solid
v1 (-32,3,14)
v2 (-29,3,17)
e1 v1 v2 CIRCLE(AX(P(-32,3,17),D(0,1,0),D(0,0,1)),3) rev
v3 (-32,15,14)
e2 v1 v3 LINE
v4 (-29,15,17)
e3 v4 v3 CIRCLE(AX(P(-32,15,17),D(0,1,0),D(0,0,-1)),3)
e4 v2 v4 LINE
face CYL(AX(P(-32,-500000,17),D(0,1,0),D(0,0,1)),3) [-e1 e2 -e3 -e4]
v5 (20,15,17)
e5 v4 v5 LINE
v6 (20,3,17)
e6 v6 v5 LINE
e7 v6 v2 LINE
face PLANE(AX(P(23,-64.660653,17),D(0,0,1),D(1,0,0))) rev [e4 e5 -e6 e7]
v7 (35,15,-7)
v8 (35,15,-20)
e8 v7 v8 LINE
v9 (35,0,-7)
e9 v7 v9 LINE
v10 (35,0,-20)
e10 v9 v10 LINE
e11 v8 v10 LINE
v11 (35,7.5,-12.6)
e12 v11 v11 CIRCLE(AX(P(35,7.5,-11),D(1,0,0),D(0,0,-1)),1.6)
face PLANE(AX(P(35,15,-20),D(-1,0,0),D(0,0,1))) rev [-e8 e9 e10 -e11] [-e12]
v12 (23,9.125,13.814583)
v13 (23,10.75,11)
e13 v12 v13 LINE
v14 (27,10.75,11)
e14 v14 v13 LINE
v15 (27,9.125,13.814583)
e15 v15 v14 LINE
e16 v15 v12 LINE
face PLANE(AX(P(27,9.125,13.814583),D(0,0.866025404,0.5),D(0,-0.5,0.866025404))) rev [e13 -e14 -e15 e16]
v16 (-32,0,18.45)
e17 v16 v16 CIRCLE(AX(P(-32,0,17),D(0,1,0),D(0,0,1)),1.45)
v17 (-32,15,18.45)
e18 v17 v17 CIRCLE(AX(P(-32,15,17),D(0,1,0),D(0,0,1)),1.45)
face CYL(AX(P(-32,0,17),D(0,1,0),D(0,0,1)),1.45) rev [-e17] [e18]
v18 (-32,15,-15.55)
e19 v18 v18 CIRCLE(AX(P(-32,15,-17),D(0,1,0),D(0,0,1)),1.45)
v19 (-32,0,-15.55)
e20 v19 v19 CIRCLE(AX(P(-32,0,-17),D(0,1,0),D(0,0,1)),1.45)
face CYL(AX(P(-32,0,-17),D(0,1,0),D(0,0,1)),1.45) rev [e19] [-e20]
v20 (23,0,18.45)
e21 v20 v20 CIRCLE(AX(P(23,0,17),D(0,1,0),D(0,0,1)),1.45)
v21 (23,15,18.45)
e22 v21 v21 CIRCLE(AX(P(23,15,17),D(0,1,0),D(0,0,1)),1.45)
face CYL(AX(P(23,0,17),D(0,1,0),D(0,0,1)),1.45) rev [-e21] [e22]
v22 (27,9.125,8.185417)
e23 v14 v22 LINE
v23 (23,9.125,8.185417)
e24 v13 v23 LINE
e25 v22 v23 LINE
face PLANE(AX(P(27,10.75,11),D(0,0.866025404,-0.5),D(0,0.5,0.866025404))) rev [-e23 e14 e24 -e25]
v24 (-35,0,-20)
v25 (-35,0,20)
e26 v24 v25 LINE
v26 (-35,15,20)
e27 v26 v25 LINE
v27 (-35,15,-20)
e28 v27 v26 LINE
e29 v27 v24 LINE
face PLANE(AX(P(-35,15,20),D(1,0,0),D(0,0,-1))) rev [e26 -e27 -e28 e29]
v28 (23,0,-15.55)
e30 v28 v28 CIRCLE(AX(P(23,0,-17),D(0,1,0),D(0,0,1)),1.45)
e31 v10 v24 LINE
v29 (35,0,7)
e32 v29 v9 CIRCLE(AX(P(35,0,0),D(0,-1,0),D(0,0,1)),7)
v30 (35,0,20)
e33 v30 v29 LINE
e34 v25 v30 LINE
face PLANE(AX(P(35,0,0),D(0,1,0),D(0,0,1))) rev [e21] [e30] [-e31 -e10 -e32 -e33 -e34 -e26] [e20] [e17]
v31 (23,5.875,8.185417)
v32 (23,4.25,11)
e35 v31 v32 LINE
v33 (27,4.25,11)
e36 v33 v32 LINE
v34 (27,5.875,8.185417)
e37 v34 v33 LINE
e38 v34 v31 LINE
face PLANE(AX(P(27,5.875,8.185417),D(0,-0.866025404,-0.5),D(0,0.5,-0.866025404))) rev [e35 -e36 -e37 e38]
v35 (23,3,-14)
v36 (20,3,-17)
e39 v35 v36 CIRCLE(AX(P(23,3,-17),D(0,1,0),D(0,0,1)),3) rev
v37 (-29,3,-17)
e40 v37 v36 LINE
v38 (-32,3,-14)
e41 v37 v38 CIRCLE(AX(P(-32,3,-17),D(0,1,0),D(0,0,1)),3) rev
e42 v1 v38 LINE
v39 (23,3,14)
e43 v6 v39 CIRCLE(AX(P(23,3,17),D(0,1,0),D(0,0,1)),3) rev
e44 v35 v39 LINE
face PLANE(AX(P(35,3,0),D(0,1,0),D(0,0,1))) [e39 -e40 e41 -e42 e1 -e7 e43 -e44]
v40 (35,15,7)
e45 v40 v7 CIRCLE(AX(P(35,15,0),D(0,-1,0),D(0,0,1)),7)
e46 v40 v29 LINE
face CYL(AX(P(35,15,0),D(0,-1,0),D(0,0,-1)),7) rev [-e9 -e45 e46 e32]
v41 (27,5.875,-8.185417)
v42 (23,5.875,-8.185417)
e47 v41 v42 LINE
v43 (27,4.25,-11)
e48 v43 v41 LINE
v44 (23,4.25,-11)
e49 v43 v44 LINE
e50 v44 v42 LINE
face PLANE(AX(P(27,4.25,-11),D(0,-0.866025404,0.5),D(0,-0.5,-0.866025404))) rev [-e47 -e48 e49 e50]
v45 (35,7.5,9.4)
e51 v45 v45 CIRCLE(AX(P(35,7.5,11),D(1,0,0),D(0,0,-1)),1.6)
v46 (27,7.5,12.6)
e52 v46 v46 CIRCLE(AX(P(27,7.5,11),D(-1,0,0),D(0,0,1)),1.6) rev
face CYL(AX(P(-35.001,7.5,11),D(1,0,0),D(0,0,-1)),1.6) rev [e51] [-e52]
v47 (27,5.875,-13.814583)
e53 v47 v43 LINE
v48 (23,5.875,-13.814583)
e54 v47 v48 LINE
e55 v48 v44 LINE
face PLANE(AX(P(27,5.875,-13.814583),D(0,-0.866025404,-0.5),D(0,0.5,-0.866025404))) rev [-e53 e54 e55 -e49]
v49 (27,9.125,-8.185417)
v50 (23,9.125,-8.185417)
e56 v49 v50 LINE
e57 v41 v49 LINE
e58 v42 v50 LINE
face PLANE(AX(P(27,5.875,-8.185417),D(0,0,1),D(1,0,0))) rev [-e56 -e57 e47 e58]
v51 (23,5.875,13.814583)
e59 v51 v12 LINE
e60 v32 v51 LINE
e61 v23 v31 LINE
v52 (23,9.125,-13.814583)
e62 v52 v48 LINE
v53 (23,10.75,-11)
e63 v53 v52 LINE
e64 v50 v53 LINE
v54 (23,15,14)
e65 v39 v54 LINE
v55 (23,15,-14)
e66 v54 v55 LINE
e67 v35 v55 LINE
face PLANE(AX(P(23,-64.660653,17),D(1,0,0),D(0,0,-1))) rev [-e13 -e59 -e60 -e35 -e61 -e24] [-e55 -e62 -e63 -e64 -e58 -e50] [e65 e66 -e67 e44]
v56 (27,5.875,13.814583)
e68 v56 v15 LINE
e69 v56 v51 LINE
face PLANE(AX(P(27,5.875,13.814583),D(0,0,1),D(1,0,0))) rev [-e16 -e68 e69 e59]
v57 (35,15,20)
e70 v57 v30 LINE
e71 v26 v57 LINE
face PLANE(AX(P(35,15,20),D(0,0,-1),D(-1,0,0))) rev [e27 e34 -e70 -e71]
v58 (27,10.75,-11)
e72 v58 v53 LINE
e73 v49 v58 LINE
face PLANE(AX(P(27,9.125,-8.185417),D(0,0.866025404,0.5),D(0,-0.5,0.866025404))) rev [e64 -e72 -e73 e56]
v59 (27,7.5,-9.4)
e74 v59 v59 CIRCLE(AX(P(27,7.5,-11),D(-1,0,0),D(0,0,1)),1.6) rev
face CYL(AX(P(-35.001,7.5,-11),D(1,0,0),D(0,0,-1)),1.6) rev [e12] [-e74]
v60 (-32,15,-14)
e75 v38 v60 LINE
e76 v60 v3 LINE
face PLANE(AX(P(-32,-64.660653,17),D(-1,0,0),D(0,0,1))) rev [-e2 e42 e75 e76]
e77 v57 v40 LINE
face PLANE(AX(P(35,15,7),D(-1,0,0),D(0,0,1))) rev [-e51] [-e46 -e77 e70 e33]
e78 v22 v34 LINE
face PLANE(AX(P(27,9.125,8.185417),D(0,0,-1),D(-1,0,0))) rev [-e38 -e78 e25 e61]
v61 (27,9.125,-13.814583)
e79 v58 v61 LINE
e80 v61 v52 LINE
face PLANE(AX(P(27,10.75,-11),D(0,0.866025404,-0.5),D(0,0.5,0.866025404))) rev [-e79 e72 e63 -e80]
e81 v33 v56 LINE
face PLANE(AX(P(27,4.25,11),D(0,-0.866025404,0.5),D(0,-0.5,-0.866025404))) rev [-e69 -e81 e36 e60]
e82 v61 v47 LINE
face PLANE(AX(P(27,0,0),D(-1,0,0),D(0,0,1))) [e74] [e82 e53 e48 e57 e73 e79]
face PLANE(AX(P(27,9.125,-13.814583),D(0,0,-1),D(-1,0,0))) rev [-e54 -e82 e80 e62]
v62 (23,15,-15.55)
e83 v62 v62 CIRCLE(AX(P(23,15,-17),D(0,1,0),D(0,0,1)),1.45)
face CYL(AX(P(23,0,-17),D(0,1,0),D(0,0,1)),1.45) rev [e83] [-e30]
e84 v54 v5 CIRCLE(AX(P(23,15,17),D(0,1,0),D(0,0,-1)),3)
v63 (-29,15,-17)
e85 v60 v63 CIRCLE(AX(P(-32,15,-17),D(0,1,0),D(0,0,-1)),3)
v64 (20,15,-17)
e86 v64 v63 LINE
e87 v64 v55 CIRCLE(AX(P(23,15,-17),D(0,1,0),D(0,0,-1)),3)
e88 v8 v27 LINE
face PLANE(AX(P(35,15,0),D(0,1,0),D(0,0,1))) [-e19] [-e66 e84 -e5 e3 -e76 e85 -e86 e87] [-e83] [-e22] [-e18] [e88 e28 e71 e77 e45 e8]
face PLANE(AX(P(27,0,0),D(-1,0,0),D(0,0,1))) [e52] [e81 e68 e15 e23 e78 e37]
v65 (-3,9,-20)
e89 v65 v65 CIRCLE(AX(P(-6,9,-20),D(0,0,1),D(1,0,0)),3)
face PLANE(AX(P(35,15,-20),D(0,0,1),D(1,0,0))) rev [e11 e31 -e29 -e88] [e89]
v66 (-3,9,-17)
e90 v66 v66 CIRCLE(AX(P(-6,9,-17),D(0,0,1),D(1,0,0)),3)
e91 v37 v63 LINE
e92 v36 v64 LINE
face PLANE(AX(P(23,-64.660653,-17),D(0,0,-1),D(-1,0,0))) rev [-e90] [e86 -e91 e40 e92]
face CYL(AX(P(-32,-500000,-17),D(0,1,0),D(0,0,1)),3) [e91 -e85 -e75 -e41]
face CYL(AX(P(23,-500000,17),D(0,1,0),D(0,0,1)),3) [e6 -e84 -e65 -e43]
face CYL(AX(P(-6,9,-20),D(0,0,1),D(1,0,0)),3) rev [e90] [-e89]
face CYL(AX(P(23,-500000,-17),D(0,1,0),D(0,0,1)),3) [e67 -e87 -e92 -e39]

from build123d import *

# Parameters (mm, degrees)
BOSS_EXTRUDE1_DEPTH = 15
SKETCH2_W           = 55
SKETCH2_H           = 34
CUT_EXTRUDE1_DEPTH  = 12
CUT_EXTRUDE2_REACH  = 72
SKETCH4_R           = 1.6
CUT_EXTRUDE3_DEPTH  = 4
BOSS_EXTRUDE3_REACH = 17
SKETCH7_R           = 1.45
CUT_EXTRUDE4_DEPTH  = 16
SKETCH8_R           = 3
CUT_EXTRUDE5_DEPTH  = 4


with BuildPart() as part:
    # Sketch1 → Boss-Extrude1 (new body)
    with BuildSketch(Plane(origin=(0, 0, 0), x_dir=(1, 0, 0), z_dir=(0, 1, 0))):
        with BuildLine():
            Line((35, 20), (35, 7))
            ThreePointArc((35, 7), (28, 0), (35, -7))
            Line((35, -7), (35, -20))
            Line((35, -20), (-35, -20))
            Line((-35, -20), (-35, 20))
            Line((-35, 20), (35, 20))
        make_face()
    extrude(amount=BOSS_EXTRUDE1_DEPTH)

    # Sketch2 → Cut-Extrude1 (cut)
    with BuildSketch(Plane(origin=(0, 15, 0), x_dir=(1, 0, 0), z_dir=(0, 1, 0))):
        with Locations((-4.5, 0)):
            Rectangle(SKETCH2_W, SKETCH2_H)
    extrude(amount=-CUT_EXTRUDE1_DEPTH, mode=Mode.SUBTRACT)

    # Sketch4 → Cut-Extrude2 (cut, up to next)
    with BuildSketch(Plane(origin=(35, 0, 0), x_dir=(0, 0, -1), z_dir=(1, 0, 0)), mode=Mode.PRIVATE) as cut_extrude2_sk1:
        with Locations((11, 7.5)):
            Circle(SKETCH4_R)
    cut_extrude2_tool1 = extrude(cut_extrude2_sk1.sketch, amount=-CUT_EXTRUDE2_REACH, mode=Mode.PRIVATE) & part.part
    add(cut_extrude2_tool1.solids().sort_by_distance((35, 7.5, -11))[0], mode=Mode.SUBTRACT)
    # Sketch4 → Cut-Extrude2 (cut, up to next)
    with BuildSketch(Plane(origin=(35, 0, 0), x_dir=(0, 0, -1), z_dir=(1, 0, 0)), mode=Mode.PRIVATE) as cut_extrude2_sk2:
        with Locations((-11, 7.5)):
            Circle(SKETCH4_R)
    cut_extrude2_tool2 = extrude(cut_extrude2_sk2.sketch, amount=-CUT_EXTRUDE2_REACH, mode=Mode.PRIVATE) & part.part
    add(cut_extrude2_tool2.solids().sort_by_distance((35, 7.5, 11))[0], mode=Mode.SUBTRACT)

    # Sketch5 → Cut-Extrude3 (cut)
    with BuildSketch(Plane.ZY.offset(-23)):
        Polygon((-11, 10.75), (-13.814582562, 9.125), (-13.814582562, 5.875), (-11, 4.25), (-8.185417438, 5.875), (-8.185417438, 9.125), align=None)
        Polygon((8.185417438, 9.125), (8.185417438, 5.875), (11, 4.25), (13.814582562, 5.875), (13.814582562, 9.125), (11, 10.75), align=None)
    extrude(amount=-CUT_EXTRUDE3_DEPTH, mode=Mode.SUBTRACT)

    # Sketch6 → Boss-Extrude3 (add, up to next)
    with BuildSketch(Plane(origin=(0, 15, 0), x_dir=(1, 0, 0), z_dir=(0, 1, 0)), mode=Mode.PRIVATE) as boss_extrude3_sk1:
        with BuildLine():
            Line((-32, -14), (-32, -17))
            Line((-32, -17), (-29, -17))
            ThreePointArc((-29, -17), (-29.878679656, -14.878679656), (-32, -14))
        make_face()
    boss_extrude3_tool1 = extrude(boss_extrude3_sk1.sketch, amount=-BOSS_EXTRUDE3_REACH, mode=Mode.PRIVATE) - part.part
    add(boss_extrude3_tool1.solids().sort_by_distance((-30.72676, 15, 15.72676))[0])
    # Sketch6 → Boss-Extrude3 (add, up to next)
    with BuildSketch(Plane(origin=(0, 15, 0), x_dir=(1, 0, 0), z_dir=(0, 1, 0)), mode=Mode.PRIVATE) as boss_extrude3_sk2:
        with BuildLine():
            Line((23, -14), (23, -17))
            Line((23, -17), (20, -17))
            ThreePointArc((20, -17), (20.878679656, -14.878679656), (23, -14))
        make_face()
    boss_extrude3_tool2 = extrude(boss_extrude3_sk2.sketch, amount=-BOSS_EXTRUDE3_REACH, mode=Mode.PRIVATE) - part.part
    add(boss_extrude3_tool2.solids().sort_by_distance((21.72676, 15, 15.72676))[0])
    # Sketch6 → Boss-Extrude3 (add, up to next)
    with BuildSketch(Plane(origin=(0, 15, 0), x_dir=(1, 0, 0), z_dir=(0, 1, 0)), mode=Mode.PRIVATE) as boss_extrude3_sk3:
        with BuildLine():
            Line((20, 17), (23, 17))
            Line((23, 17), (23, 14))
            ThreePointArc((23, 14), (20.878679656, 14.878679656), (20, 17))
        make_face()
    boss_extrude3_tool3 = extrude(boss_extrude3_sk3.sketch, amount=-BOSS_EXTRUDE3_REACH, mode=Mode.PRIVATE) - part.part
    add(boss_extrude3_tool3.solids().sort_by_distance((21.72676, 15, -15.72676))[0])
    # Sketch6 → Boss-Extrude3 (add, up to next)
    with BuildSketch(Plane(origin=(0, 15, 0), x_dir=(1, 0, 0), z_dir=(0, 1, 0)), mode=Mode.PRIVATE) as boss_extrude3_sk4:
        with BuildLine():
            Line((-32, 14), (-32, 17))
            Line((-32, 17), (-29, 17))
            ThreePointArc((-29, 17), (-29.878679656, 14.878679656), (-32, 14))
        make_face()
    boss_extrude3_tool4 = extrude(boss_extrude3_sk4.sketch, amount=-BOSS_EXTRUDE3_REACH, mode=Mode.PRIVATE) - part.part
    add(boss_extrude3_tool4.solids().sort_by_distance((-30.72676, 15, -15.72676))[0])

    # Sketch7 → Cut-Extrude4 (cut, through all)
    with BuildSketch(Plane(origin=(0, 15, 0), x_dir=(1, 0, 0), z_dir=(0, 1, 0))):
        with Locations((-32, 17)):
            Circle(SKETCH7_R)
        with Locations((23, 17)):
            Circle(SKETCH7_R)
        with Locations((23, -17)):
            Circle(SKETCH7_R)
        with Locations((-32, -17)):
            Circle(SKETCH7_R)
    extrude(amount=-CUT_EXTRUDE4_DEPTH, mode=Mode.SUBTRACT)

    # Sketch8 → Cut-Extrude5 (cut, through all)
    with BuildSketch(Plane.XY.offset(-17)):
        with Locations((-6, 9)):
            Circle(SKETCH8_R)
    extrude(amount=-CUT_EXTRUDE5_DEPTH, mode=Mode.SUBTRACT)


solid = part.part
